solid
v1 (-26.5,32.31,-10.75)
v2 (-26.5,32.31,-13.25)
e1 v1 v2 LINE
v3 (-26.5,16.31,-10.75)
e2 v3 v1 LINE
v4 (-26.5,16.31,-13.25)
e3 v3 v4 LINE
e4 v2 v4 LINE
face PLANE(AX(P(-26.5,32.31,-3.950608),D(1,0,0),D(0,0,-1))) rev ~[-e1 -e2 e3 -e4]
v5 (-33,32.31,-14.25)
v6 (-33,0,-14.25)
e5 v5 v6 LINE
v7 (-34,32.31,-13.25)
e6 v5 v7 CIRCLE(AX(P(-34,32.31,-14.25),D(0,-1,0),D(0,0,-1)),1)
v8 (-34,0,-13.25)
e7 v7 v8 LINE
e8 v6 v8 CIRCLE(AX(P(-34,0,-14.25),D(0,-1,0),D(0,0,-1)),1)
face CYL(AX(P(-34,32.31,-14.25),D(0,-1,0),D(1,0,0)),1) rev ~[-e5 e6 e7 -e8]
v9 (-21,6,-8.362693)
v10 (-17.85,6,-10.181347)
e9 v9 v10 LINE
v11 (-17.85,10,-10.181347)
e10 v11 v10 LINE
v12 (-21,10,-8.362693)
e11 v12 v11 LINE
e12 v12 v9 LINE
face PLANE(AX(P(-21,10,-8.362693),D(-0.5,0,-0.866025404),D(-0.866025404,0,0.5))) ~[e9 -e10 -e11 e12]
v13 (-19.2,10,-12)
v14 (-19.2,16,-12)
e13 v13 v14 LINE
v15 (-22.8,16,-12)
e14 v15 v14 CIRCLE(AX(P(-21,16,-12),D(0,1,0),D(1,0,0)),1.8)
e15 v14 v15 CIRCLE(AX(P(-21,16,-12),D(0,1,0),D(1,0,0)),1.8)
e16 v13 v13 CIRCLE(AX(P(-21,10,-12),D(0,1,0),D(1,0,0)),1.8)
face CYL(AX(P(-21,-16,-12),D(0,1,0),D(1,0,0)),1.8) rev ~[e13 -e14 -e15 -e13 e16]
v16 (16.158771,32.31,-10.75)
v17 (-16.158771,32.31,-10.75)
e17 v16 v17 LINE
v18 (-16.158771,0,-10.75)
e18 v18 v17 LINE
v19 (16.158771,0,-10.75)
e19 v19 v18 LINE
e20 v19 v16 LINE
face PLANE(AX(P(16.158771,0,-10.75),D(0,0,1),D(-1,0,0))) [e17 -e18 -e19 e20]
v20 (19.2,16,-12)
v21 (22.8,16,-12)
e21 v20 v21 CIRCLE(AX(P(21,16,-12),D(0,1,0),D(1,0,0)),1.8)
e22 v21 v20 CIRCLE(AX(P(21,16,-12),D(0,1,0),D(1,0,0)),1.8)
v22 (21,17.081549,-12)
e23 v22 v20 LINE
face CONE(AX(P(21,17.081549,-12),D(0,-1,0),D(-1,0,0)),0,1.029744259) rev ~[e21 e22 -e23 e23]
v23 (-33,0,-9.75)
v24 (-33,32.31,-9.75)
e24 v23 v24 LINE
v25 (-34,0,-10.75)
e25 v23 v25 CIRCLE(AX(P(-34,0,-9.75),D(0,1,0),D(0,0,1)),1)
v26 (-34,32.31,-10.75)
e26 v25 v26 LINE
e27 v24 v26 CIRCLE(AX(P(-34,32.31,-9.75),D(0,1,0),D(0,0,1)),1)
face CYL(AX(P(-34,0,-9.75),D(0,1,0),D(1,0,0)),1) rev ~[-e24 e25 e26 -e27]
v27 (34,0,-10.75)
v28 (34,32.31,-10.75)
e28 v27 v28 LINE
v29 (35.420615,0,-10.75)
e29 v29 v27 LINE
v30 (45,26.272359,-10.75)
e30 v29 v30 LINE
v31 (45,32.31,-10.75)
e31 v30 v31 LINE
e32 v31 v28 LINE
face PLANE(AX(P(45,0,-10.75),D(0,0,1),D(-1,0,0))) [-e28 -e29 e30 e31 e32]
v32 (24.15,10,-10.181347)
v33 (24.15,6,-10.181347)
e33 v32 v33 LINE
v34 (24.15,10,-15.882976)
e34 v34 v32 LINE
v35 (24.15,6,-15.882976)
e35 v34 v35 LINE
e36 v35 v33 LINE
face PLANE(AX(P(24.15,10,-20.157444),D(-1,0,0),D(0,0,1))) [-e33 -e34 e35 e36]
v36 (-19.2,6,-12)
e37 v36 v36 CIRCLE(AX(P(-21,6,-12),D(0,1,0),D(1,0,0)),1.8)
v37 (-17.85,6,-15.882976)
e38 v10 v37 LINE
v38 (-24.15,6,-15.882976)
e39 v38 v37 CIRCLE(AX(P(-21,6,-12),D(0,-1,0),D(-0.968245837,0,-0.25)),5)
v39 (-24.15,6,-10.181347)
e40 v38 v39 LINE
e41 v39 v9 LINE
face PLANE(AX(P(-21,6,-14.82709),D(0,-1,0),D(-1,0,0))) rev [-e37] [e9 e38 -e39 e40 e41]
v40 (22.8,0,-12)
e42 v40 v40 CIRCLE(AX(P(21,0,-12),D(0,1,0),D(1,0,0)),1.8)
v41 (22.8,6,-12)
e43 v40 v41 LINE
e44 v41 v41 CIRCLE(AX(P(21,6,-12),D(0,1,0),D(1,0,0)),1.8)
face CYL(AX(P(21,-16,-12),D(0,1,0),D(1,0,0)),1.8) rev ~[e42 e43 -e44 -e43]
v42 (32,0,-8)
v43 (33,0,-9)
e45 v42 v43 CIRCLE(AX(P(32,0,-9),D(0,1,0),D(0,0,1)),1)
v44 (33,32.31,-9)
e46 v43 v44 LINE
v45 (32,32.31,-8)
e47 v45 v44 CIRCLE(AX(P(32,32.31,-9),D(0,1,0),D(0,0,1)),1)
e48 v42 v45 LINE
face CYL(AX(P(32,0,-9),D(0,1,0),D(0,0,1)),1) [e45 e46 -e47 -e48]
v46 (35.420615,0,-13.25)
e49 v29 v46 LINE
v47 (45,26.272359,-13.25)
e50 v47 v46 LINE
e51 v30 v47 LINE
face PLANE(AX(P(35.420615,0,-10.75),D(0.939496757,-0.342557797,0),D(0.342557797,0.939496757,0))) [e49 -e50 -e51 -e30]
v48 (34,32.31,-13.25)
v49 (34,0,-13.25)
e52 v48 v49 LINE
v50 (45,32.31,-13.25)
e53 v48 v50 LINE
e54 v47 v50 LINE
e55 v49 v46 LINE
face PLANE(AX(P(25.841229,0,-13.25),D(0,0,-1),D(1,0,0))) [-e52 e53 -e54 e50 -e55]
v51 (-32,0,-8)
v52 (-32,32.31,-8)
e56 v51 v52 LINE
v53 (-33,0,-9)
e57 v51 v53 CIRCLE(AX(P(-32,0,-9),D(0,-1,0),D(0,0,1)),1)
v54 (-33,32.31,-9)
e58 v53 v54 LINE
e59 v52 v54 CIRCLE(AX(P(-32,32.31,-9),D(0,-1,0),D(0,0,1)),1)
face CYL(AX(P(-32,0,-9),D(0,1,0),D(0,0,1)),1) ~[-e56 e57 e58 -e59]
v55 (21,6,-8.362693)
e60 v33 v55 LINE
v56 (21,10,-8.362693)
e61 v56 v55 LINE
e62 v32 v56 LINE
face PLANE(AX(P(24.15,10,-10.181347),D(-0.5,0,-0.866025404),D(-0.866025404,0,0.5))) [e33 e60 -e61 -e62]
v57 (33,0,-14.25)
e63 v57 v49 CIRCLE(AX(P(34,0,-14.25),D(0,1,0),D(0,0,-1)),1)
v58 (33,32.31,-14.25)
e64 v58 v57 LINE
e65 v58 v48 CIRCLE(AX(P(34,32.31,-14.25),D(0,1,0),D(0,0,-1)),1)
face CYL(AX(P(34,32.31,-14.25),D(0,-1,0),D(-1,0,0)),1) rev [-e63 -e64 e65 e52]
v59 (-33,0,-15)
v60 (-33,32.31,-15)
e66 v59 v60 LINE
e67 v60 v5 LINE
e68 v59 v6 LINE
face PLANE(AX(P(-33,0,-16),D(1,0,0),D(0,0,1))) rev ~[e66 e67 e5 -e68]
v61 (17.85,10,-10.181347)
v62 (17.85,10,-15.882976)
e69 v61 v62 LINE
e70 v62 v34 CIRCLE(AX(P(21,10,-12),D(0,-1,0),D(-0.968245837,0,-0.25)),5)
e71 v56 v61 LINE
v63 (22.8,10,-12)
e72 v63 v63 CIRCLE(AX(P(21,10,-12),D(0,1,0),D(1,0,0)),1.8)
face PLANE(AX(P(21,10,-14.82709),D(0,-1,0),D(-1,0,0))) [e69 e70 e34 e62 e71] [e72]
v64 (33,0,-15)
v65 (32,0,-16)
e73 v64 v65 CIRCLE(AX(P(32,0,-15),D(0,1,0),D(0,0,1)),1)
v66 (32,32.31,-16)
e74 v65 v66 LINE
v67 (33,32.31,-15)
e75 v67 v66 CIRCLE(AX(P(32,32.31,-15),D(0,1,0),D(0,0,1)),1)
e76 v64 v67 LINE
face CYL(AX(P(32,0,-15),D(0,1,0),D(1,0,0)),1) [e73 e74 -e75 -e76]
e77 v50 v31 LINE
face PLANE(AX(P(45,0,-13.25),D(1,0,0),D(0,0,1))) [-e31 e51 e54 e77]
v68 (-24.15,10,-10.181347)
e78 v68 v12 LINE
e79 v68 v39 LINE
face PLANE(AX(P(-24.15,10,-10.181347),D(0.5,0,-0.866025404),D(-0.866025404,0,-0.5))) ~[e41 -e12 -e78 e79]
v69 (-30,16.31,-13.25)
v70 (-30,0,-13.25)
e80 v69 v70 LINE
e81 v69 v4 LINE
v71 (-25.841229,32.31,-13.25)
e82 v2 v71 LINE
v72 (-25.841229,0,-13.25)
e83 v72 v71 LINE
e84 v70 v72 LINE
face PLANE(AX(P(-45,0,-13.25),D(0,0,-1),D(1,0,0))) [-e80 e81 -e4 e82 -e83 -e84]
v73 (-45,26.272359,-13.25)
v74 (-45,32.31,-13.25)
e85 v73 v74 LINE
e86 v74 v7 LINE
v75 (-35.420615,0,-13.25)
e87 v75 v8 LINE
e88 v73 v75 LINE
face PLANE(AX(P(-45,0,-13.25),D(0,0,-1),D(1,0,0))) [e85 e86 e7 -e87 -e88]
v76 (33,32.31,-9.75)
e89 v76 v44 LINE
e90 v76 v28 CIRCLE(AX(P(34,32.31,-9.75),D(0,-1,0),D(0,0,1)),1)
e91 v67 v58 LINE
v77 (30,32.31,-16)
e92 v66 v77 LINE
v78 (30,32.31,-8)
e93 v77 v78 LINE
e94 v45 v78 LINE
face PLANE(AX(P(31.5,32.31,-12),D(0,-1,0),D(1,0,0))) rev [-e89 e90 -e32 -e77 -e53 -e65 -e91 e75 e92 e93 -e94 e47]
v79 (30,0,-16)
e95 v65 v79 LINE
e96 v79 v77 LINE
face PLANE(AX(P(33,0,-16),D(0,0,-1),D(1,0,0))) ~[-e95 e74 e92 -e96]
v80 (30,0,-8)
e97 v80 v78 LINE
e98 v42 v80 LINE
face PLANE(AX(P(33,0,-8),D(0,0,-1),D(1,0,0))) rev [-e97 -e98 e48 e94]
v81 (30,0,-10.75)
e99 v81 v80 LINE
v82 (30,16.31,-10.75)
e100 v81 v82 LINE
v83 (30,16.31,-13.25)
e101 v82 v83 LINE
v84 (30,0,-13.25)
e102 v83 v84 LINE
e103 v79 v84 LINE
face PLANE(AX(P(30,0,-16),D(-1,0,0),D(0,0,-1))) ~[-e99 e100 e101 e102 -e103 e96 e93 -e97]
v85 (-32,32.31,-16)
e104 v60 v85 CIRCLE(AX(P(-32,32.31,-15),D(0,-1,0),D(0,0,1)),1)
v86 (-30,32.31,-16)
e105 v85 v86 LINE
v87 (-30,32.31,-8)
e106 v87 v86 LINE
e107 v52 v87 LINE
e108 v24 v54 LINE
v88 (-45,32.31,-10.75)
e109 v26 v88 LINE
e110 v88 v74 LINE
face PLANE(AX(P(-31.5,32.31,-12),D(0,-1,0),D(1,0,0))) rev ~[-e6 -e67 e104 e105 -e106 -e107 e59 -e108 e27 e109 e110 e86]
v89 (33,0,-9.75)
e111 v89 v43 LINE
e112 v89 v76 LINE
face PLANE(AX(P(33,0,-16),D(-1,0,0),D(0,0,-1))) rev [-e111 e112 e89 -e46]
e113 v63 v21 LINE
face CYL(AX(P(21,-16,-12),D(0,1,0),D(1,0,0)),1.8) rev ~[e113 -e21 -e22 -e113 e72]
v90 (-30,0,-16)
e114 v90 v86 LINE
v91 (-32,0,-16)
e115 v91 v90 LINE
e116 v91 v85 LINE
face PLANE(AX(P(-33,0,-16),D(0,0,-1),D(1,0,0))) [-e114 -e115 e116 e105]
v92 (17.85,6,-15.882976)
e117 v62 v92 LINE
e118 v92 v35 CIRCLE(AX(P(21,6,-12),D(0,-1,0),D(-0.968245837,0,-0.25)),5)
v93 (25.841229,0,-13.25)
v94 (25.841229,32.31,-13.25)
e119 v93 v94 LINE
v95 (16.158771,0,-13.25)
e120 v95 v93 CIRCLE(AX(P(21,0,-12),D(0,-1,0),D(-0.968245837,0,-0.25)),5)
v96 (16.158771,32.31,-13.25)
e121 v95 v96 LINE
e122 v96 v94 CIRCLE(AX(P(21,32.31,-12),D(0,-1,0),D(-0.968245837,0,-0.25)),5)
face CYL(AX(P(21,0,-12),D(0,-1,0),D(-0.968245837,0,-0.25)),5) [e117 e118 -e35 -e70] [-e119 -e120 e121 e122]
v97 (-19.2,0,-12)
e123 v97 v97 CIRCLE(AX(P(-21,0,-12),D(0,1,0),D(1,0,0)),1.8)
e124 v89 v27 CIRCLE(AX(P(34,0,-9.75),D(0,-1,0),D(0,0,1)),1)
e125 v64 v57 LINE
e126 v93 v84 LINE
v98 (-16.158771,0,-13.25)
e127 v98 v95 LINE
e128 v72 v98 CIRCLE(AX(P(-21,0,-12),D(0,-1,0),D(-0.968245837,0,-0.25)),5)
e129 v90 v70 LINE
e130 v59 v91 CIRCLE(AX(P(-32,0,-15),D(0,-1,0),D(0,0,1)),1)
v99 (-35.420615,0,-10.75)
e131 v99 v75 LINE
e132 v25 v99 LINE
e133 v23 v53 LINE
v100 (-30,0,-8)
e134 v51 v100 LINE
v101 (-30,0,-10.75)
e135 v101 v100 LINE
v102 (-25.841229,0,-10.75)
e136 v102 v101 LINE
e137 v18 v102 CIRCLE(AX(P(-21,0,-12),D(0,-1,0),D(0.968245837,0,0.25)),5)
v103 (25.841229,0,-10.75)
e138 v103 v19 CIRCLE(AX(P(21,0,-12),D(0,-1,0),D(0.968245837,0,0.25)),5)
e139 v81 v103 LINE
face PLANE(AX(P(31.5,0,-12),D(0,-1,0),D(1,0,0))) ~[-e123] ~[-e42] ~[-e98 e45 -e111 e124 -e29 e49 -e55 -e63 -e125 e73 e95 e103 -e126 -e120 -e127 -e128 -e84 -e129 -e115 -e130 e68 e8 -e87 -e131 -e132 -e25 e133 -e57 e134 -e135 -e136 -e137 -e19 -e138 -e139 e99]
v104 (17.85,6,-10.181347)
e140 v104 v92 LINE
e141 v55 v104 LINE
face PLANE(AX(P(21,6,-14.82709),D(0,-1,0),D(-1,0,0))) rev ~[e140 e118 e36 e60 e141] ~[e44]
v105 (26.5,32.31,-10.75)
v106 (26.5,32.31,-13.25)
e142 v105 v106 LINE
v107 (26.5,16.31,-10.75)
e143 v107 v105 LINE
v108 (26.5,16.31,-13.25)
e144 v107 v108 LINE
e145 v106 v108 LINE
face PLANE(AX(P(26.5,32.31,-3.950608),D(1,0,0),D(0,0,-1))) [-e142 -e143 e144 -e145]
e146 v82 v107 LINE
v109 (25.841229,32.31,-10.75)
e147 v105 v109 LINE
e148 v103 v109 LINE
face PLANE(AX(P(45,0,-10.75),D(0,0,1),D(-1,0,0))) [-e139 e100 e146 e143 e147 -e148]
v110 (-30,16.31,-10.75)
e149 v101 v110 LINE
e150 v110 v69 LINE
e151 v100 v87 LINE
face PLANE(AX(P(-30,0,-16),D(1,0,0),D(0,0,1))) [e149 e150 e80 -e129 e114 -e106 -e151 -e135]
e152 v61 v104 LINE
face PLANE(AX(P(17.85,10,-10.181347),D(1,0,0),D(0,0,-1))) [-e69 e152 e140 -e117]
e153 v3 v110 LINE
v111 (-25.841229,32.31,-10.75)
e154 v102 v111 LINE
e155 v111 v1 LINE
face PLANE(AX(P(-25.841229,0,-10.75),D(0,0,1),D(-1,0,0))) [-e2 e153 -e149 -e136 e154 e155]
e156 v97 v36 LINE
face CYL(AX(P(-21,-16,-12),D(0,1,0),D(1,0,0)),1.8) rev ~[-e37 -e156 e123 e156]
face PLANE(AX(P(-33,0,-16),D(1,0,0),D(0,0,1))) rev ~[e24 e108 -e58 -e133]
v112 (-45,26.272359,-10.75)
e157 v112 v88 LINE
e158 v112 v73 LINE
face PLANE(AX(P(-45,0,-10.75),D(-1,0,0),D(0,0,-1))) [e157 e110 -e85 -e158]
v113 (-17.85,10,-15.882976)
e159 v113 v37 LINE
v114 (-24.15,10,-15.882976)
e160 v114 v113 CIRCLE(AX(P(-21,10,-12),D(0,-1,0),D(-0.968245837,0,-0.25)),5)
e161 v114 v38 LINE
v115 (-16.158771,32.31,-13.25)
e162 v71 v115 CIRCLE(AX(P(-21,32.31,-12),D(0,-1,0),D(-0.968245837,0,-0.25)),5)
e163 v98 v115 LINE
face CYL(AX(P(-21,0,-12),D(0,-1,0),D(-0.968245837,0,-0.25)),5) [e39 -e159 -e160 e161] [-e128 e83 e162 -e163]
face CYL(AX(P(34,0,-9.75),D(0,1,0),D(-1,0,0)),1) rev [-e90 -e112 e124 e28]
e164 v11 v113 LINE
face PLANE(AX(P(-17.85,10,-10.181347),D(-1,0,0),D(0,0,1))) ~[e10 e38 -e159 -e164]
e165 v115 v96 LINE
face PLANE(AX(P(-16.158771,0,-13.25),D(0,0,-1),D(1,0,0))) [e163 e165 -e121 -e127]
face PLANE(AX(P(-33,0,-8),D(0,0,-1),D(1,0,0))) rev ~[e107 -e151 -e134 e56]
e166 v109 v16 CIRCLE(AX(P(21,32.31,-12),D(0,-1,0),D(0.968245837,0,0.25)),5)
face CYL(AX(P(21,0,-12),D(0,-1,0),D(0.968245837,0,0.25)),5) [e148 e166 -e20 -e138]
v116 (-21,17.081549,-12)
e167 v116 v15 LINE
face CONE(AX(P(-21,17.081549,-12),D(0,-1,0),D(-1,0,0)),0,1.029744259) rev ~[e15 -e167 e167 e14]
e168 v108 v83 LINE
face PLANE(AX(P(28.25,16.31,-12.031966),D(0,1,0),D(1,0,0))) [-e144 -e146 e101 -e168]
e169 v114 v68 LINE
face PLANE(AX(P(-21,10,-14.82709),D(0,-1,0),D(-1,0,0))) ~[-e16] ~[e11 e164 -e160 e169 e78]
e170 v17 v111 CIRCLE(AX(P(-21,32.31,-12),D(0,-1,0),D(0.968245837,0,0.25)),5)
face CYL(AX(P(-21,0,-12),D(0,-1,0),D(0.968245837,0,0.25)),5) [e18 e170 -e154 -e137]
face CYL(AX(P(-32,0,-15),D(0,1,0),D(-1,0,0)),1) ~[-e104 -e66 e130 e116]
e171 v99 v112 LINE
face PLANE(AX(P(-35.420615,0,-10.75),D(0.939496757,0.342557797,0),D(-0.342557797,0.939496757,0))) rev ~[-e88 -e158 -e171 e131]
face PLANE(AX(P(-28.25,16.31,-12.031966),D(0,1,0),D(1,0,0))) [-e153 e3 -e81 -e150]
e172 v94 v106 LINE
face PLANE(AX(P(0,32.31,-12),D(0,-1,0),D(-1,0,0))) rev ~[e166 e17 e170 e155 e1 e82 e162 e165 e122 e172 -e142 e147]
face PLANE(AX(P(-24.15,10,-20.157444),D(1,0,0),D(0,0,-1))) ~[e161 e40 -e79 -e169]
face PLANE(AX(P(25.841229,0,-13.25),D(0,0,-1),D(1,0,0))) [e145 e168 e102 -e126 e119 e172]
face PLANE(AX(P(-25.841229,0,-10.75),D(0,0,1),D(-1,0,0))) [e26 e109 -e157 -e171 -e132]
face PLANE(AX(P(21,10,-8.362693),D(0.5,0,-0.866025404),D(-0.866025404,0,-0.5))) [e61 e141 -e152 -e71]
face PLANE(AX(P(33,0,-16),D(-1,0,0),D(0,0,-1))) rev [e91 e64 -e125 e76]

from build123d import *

# Parameters (mm, degrees)
BOSS_EXTRUDE1_DEPTH      = 32.31
CUT_EXTRUDE1_DEPTH       = 25
SKETCH3_W                = 3.5
SKETCH3_H                = 16.162716407
CUT_EXTRUDE2_DEPTH       = 16
SKETCH4_W                = 3
SKETCH4_H                = 8
BOSS_EXTRUDE2_DEPTH      = 32.31
FILLET1_R                = 1
FILLET2_R                = 1
M3_CLEARANCE_HOLE1_D     = 3.6
M3_CLEARANCE_HOLE1_DEPTH = 16
M3_CLEARANCE_HOLE1_TIP   = 1.081549114
CUT_EXTRUDE3_DEPTH       = 4


with BuildPart() as part:
    # Sketch1 → Boss-Extrude1 (new body)
    with BuildSketch(Plane(origin=(0, 0, 0), x_dir=(1, 0, 0), z_dir=(0, 1, 0))):
        with BuildLine():
            Line((-45, 13.25), (-25.841229183, 13.25))
            ThreePointArc((-25.841229183, 13.25), (-21, 17), (-16.158770817, 13.25))
            Line((-16.158770817, 13.25), (16.158770817, 13.25))
            ThreePointArc((16.158770817, 13.25), (21, 17), (25.841229183, 13.25))
            Line((25.841229183, 13.25), (45, 13.25))
            Line((45, 13.25), (45, 10.75))
            Line((45, 10.75), (25.841229183, 10.75))
            ThreePointArc((25.841229183, 10.75), (21, 7), (16.158770817, 10.75))
            Line((16.158770817, 10.75), (-16.158770817, 10.75))
            ThreePointArc((-16.158770817, 10.75), (-21, 7), (-25.841229183, 10.75))
            Line((-25.841229183, 10.75), (-45, 10.75))
            Line((-45, 10.75), (-45, 13.25))
        make_face()
    extrude(amount=BOSS_EXTRUDE1_DEPTH)

    # Sketch2 → Cut-Extrude1 (cut)
    with BuildSketch(Plane.XY.offset(-10.75)):
        Polygon((-35.420614591, 0), (-45, 26.272359302), (-58.390365854, 22.525370437), (-53.81468831, -5.500654521), (-35.420614591, -4.763359631), align=None)
        Polygon((53.81468831, -5.500654521), (35.420614591, -4.763359631), (35.420614591, 0), (45, 26.272359302), (58.390365854, 22.525370437), align=None)
    extrude(amount=-CUT_EXTRUDE1_DEPTH, mode=Mode.SUBTRACT)

    # Sketch3 → Cut-Extrude2 (cut)
    with BuildSketch(Plane(origin=(0, 32.31, 0), x_dir=(1, 0, 0), z_dir=(0, 1, 0))):
        with Locations((-28.25, 12.031966157)):
            Rectangle(SKETCH3_W, SKETCH3_H)
        with Locations((28.25, 12.031966157)):
            Rectangle(SKETCH3_W, SKETCH3_H)
    extrude(amount=-CUT_EXTRUDE2_DEPTH, mode=Mode.SUBTRACT)

    # Sketch4 → Boss-Extrude2 (add)
    with BuildSketch(Plane.XZ):
        with Locations((-31.5, -12)):
            Rectangle(SKETCH4_W, SKETCH4_H)
    boss_extrude2 = extrude(amount=-BOSS_EXTRUDE2_DEPTH)

    # Fillet1
    fillet1_edges = [part.edges().sort_by_distance(p)[0] for p in [
        (-33, 16.155, -10.75),
        (-33, 16.155, -8),
        (-33, 16.155, -13.25),
        (-33, 16.155, -16),
    ]]
    fillet(fillet1_edges, radius=FILLET1_R)

    # Mirror1: Boss-Extrude2 across plane
    add(boss_extrude2.mirror(Plane(origin=(0, 0, 0), x_dir=(0, 0, 1), z_dir=(1, 0, 0))))

    # Fillet2
    fillet2_edges = [part.edges().sort_by_distance(p)[0] for p in [
        (33, 16.155, -10.75),
        (33, 16.155, -8),
        (33, 16.155, -13.25),
        (33, 16.155, -16),
    ]]
    fillet(fillet2_edges, radius=FILLET2_R)

    # M3 Clearance Hole1
    with Locations(Plane(origin=(0, 0, 0), x_dir=(-1, 0, 0), z_dir=(0, -1, 0))):
        with Locations((-21, 12), (21, 12)):
            Hole(M3_CLEARANCE_HOLE1_D / 2, depth=M3_CLEARANCE_HOLE1_DEPTH)
            with Locations((0, 0, -(M3_CLEARANCE_HOLE1_DEPTH + M3_CLEARANCE_HOLE1_TIP / 2))):  # 118° drill point
                Cone(0, M3_CLEARANCE_HOLE1_D / 2, M3_CLEARANCE_HOLE1_TIP, mode=Mode.SUBTRACT)

    # Sketch7 → Cut-Extrude3 (cut)
    with BuildSketch(Plane(origin=(0, 10, 0), x_dir=(-1, 0, 0), z_dir=(0, -1, 0))):
        Polygon((-24.15, 13.818653348), (-24.15, 10.181346652), (-21, 8.362693304), (-17.85, 10.181346652), (-17.85, 13.818653348), (-17.85, 20.157444089), (-24.15, 20.157444089), align=None)
    cut_extrude3 = extrude(amount=CUT_EXTRUDE3_DEPTH, mode=Mode.SUBTRACT)

    # Mirror2: Cut-Extrude3 across plane
    add(cut_extrude3.mirror(Plane(origin=(0, 0, 0), x_dir=(0, 0, 1), z_dir=(1, 0, 0))), mode=Mode.SUBTRACT)


solid = part.part
